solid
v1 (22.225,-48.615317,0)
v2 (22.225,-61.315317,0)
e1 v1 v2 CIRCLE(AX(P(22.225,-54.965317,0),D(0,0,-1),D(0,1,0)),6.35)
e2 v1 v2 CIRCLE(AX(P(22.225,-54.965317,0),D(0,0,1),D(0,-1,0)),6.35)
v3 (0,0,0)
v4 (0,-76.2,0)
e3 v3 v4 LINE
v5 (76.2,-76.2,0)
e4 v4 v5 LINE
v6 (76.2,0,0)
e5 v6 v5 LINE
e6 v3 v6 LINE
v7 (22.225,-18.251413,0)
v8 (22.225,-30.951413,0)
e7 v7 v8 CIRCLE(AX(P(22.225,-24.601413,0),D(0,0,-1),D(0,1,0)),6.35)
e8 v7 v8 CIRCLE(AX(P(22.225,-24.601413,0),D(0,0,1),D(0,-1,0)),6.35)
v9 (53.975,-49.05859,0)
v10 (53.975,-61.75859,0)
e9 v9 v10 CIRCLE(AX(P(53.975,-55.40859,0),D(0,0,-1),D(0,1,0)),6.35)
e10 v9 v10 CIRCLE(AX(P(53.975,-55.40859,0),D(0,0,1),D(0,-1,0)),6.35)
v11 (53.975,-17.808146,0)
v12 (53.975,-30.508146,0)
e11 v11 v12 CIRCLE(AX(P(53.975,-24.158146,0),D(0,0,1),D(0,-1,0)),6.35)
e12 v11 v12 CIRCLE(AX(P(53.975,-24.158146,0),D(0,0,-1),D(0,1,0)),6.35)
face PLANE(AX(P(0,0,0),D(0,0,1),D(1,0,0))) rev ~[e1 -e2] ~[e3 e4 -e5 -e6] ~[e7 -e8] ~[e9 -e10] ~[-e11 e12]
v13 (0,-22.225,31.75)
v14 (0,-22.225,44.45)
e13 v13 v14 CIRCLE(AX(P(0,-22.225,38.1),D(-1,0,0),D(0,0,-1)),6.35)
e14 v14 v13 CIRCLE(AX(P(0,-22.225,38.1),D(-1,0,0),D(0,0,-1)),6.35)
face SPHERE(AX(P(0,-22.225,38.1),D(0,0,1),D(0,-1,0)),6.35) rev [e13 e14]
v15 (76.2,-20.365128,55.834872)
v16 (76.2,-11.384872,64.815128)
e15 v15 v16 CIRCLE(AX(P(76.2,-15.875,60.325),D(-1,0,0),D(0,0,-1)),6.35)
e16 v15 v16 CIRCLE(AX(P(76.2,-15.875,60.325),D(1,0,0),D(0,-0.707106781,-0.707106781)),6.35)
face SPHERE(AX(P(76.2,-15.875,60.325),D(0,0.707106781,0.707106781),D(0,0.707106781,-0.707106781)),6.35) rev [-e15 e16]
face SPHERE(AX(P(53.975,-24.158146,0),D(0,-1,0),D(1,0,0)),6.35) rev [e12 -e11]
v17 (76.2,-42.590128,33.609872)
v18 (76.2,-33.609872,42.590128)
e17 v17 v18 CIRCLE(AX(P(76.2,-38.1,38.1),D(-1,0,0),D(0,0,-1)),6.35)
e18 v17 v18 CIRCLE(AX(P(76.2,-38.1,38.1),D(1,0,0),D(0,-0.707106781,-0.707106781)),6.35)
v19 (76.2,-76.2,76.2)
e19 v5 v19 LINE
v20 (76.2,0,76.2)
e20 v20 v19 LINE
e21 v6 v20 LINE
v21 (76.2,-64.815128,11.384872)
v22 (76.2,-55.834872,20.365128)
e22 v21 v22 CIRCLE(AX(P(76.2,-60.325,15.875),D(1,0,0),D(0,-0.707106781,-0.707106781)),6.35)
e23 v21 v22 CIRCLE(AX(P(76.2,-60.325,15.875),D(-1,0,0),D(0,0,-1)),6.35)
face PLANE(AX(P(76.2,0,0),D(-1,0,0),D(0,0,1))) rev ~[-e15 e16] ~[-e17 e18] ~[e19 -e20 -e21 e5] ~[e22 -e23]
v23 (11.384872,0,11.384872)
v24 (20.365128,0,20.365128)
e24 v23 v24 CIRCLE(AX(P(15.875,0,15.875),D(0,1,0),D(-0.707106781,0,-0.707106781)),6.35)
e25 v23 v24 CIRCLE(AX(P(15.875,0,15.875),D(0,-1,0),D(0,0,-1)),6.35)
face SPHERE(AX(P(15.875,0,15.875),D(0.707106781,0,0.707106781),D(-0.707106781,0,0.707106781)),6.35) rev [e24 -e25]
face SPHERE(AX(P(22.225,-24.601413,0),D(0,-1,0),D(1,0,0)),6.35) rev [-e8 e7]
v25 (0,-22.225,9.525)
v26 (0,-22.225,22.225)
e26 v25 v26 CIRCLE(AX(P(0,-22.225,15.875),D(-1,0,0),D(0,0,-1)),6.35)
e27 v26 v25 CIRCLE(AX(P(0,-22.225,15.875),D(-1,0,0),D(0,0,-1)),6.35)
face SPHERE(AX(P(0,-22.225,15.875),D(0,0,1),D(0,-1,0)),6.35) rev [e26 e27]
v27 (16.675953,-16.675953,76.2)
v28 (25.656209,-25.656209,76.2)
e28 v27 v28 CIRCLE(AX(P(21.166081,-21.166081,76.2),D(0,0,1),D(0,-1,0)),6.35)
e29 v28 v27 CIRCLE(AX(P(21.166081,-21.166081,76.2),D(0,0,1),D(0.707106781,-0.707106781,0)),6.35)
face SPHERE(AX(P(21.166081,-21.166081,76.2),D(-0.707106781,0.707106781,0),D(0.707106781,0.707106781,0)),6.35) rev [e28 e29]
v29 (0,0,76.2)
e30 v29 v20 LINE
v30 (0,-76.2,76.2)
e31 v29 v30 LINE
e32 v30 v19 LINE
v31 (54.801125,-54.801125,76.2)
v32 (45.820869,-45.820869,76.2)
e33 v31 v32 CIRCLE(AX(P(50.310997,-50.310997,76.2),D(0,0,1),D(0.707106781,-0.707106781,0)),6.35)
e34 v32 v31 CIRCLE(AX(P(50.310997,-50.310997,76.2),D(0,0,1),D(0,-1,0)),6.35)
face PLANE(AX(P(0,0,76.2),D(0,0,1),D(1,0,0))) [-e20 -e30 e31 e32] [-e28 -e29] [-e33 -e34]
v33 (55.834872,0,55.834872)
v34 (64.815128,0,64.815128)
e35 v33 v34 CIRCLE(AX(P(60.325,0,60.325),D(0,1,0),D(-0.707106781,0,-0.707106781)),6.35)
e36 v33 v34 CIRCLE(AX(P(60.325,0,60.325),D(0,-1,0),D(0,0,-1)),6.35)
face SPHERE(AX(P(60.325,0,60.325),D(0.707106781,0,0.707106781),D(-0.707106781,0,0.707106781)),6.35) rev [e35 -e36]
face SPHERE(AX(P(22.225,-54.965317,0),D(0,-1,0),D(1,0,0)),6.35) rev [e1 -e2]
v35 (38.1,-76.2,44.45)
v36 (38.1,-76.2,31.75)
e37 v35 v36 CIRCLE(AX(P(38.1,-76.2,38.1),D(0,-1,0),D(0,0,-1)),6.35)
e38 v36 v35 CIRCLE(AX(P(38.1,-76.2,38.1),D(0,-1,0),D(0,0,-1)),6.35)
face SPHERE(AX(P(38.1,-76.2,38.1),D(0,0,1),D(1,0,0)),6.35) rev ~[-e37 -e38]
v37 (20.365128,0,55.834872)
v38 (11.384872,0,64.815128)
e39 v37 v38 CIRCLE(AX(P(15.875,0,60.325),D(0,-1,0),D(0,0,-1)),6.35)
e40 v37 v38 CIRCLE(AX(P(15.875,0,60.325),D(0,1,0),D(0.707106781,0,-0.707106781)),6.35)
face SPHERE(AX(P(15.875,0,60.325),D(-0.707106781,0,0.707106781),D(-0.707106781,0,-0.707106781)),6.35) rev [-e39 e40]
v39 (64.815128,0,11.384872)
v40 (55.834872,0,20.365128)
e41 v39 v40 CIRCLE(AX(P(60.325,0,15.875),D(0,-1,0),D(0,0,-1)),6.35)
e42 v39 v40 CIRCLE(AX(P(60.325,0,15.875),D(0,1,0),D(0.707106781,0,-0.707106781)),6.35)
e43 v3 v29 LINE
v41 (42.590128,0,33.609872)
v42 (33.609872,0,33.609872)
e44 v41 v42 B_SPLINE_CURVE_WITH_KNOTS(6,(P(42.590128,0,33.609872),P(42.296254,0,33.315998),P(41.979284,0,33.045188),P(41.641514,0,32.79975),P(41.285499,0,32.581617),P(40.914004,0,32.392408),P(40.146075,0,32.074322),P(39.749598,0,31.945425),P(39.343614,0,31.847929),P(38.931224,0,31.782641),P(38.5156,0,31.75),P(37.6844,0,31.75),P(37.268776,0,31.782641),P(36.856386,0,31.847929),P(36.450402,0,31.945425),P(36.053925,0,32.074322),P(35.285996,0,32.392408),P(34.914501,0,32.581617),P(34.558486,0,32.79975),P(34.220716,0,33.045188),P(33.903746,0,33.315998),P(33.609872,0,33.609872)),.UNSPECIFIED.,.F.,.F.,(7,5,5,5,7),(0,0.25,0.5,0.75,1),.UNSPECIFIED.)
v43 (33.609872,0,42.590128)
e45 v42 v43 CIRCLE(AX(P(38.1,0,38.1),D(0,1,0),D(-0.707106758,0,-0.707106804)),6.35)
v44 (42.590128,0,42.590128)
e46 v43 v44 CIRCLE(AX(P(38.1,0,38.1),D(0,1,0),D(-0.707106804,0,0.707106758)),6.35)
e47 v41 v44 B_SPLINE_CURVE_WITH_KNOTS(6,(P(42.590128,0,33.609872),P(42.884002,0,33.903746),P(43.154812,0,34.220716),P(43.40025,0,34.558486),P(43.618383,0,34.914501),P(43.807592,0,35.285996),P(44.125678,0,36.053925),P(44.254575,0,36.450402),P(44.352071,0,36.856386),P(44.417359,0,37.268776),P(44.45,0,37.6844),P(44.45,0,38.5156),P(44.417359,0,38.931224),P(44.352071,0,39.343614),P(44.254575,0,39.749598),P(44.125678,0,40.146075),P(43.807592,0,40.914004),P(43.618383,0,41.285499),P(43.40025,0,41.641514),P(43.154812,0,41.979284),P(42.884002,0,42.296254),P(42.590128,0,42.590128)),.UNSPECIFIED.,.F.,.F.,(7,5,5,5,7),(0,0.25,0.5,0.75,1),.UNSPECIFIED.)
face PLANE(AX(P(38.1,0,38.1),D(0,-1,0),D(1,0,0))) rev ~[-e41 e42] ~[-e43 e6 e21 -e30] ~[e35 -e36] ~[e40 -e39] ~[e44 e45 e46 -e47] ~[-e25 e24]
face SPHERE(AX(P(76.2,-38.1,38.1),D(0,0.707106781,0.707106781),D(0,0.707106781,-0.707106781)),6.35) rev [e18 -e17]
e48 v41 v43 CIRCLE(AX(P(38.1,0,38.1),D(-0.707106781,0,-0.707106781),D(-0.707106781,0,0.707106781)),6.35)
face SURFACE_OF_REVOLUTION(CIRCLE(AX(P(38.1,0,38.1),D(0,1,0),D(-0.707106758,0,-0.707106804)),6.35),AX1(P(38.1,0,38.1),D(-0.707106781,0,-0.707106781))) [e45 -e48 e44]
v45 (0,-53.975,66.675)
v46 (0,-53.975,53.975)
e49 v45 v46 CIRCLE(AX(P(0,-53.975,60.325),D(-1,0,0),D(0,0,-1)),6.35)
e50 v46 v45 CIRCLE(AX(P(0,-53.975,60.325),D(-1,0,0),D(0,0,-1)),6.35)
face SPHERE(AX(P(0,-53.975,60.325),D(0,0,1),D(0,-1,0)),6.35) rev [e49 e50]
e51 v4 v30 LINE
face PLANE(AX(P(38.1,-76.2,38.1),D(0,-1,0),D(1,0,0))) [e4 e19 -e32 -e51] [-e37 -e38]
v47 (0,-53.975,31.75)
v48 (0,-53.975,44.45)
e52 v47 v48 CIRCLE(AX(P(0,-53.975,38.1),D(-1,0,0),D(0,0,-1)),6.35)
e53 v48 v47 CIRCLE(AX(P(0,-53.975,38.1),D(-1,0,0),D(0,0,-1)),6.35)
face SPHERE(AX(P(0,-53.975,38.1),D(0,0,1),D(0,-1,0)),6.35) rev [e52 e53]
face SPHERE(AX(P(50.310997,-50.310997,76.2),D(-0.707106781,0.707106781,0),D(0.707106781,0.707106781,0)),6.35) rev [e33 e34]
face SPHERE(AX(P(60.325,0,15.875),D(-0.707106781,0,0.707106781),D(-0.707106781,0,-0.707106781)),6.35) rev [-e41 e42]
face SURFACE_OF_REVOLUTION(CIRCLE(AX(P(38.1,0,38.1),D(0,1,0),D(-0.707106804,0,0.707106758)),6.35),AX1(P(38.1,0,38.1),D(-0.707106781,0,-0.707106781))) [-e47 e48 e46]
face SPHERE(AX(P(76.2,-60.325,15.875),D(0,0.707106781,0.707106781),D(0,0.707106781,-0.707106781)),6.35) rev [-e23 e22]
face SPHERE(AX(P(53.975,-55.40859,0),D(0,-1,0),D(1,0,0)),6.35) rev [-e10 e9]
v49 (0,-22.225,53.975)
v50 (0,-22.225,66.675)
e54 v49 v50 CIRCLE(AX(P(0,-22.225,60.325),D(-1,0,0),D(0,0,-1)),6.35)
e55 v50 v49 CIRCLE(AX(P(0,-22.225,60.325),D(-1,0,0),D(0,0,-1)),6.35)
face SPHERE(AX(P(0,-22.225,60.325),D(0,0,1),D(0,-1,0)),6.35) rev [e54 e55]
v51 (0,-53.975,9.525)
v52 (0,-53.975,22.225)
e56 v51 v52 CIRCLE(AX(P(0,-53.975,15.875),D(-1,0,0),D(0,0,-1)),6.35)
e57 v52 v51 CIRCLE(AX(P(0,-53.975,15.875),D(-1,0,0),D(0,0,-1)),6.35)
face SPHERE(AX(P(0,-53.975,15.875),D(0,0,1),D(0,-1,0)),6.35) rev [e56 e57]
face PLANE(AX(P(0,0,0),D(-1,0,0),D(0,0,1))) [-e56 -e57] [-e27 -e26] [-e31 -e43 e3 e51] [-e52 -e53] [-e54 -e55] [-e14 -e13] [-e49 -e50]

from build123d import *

# Parameters (mm, degrees)
F0_W     = 76.2
F0_H     = 76.2
F1_DEPTH = 76.2


with BuildPart() as f1:
    # F0 (on Front) → F1 (new body)
    with BuildSketch(Plane.XZ):
        with Locations((38.1, 38.1)):
            Rectangle(F0_W, F0_H)
    extrude(amount=F1_DEPTH)

    # F2 (on face) → F3 (revolve, cut)
    with BuildSketch(Plane.XZ.offset(76.2)):
        with BuildLine():
            Line((38.1, 44.45), (38.1, 31.75))
            ThreePointArc((38.1, 31.75), (44.45, 38.1), (38.1, 44.45))
        make_face()
    revolve(axis=Axis((38.1, -76.2, 38.1), (0, 0, 1)), mode=Mode.SUBTRACT)

    # F4 (on face) → F5 (revolve, cut)
    with BuildSketch(Plane.YZ.offset(76.2)):
        with BuildLine():
            ThreePointArc((-42.590128, 33.609872), (-33.609872, 33.609872), (-33.609872, 42.590128))
            Line((-33.609872, 42.590128), (-42.590128, 33.609872))
        make_face()
        with BuildLine():
            ThreePointArc((-20.365128, 55.834872), (-11.384872, 55.834872), (-11.384872, 64.815128))
            Line((-11.384872, 64.815128), (-20.365128, 55.834872))
        make_face()
        with BuildLine():
            Line((-55.834872, 20.365128), (-64.815128, 11.384872))
            ThreePointArc((-64.815128, 11.384872), (-55.834872, 11.384872), (-55.834872, 20.365128))
        make_face()
    revolve(axis=Axis((76.2, -38.1, 38.1), (0, -0.707107, -0.707107)), mode=Mode.SUBTRACT)

    # F6 (on face) → F7 (revolve, cut)
    with BuildSketch(Plane(origin=(0, 0, 0), x_dir=(-1, 0, 0), z_dir=(0, 1, 0))):
        with BuildLine():
            ThreePointArc((-55.834872, 55.834872), (-55.834872, 64.815128), (-64.815128, 64.815128))
            Line((-64.815128, 64.815128), (-55.834872, 55.834872))
        make_face()
        with BuildLine():
            Line((-33.609872, 42.590128), (-38.1, 38.1))
            Line((-38.1, 38.1), (-33.609872, 33.609872))
            ThreePointArc((-33.609872, 33.609872), (-31.75, 38.1), (-33.609872, 42.590128))
        make_face()
        with BuildLine():
            ThreePointArc((-33.609872, 42.590128), (-38.1, 44.45), (-42.590128, 42.590128))
            Line((-42.590128, 42.590128), (-38.1, 38.1))
            Line((-38.1, 38.1), (-33.609872, 42.590128))
        make_face()
        with BuildLine():
            Line((-20.365128, 20.365128), (-11.384872, 11.384872))
            ThreePointArc((-11.384872, 11.384872), (-11.384872, 20.365128), (-20.365128, 20.365128))
        make_face()
    revolve(axis=Axis((38.1, 0, 38.1), (-0.707107, 0, -0.707107)), mode=Mode.SUBTRACT)

    # F8 (on face) → F9 (revolve, cut)
    with BuildSketch(Plane(origin=(0, 0, 0), x_dir=(-1, 0, 0), z_dir=(0, 1, 0))):
        with BuildLine():
            ThreePointArc((-42.590128, 33.609872), (-33.609872, 33.609872), (-33.609872, 42.590128))
            Line((-33.609872, 42.590128), (-42.590128, 33.609872))
        make_face()
        with BuildLine():
            ThreePointArc((-20.365128, 55.834872), (-11.384872, 55.834872), (-11.384872, 64.815128))
            Line((-11.384872, 64.815128), (-20.365128, 55.834872))
        make_face()
        with BuildLine():
            ThreePointArc((-64.815128, 11.384872), (-55.834872, 11.384872), (-55.834872, 20.365128))
            Line((-55.834872, 20.365128), (-64.815128, 11.384872))
        make_face()
    revolve(axis=Axis((38.1, 0, 38.1), (0.707107, 0, -0.707107)), mode=Mode.SUBTRACT)

    # F10 (on face) → F11 (revolve, cut)
    with BuildSketch(Plane(origin=(0, 0, 0), x_dir=(0, -1, 0), z_dir=(-1, 0, 0))):
        with BuildLine():
            ThreePointArc((22.225, 53.975), (28.575, 60.325), (22.225, 66.675))
            Line((22.225, 66.675), (22.225, 53.975))
        make_face()
        with BuildLine():
            ThreePointArc((22.225, 31.75), (28.575, 38.1), (22.225, 44.45))
            Line((22.225, 44.45), (22.225, 31.75))
        make_face()
        with BuildLine():
            Line((22.225, 22.225), (22.225, 9.525))
            ThreePointArc((22.225, 9.525), (28.575, 15.875), (22.225, 22.225))
        make_face()
    revolve(axis=Axis((0, -22.225, 38.1), (0, 0, -1)), mode=Mode.SUBTRACT)

    # F12 (on face) → F13 (revolve, cut)
    with BuildSketch(Plane(origin=(0, 0, 0), x_dir=(0, -1, 0), z_dir=(-1, 0, 0))):
        with BuildLine():
            ThreePointArc((53.975, 31.75), (60.325, 38.1), (53.975, 44.45))
            Line((53.975, 44.45), (53.975, 31.75))
        make_face()
        with BuildLine():
            ThreePointArc((53.975, 53.975), (60.325, 60.325), (53.975, 66.675))
            Line((53.975, 66.675), (53.975, 53.975))
        make_face()
        with BuildLine():
            Line((53.975, 22.225), (53.975, 9.525))
            ThreePointArc((53.975, 9.525), (60.325, 15.875), (53.975, 22.225))
        make_face()
    revolve(axis=Axis((0, -53.975, 38.1), (0, 0, -1)), mode=Mode.SUBTRACT)

    # F14 (on face) → F15 (revolve, cut)
    with BuildSketch(Plane.XY.offset(76.2)):
        with BuildLine():
            ThreePointArc((25.656209, -25.656209), (25.656209, -16.675953), (16.675953, -16.675953))
            Line((16.675953, -16.675953), (25.656209, -25.656209))
        make_face()
        with BuildLine():
            ThreePointArc((54.801125, -54.801125), (54.801125, -45.820869), (45.820869, -45.820869))
            Line((45.820869, -45.820869), (54.801125, -54.801125))
        make_face()
    revolve(axis=Axis((38.1, -38.1, 76.2), (0.707107, -0.707107, 0)), mode=Mode.SUBTRACT)

    # F16 (on face) → F17 (revolve, cut)
    with BuildSketch(Plane(origin=(0, 0, 0), x_dir=(1, 0, 0), z_dir=(0, 0, -1))):
        with BuildLine():
            ThreePointArc((22.225, 48.615317), (28.575, 54.965317), (22.225, 61.315317))
            Line((22.225, 61.315317), (22.225, 48.615317))
        make_face()
        with BuildLine():
            ThreePointArc((22.225, 18.251413), (28.575, 24.601413), (22.225, 30.951413))
            Line((22.225, 30.951413), (22.225, 18.251413))
        make_face()
    revolve(axis=Axis((22.225, -38.1, 0), (0, 1, 0)), mode=Mode.SUBTRACT)

    # F16 (on face) → F18 (revolve, cut)
    with BuildSketch(Plane(origin=(0, 0, 0), x_dir=(1, 0, 0), z_dir=(0, 0, -1))):
        with BuildLine():
            ThreePointArc((53.975, 49.05859), (60.325, 55.40859), (53.975, 61.75859))
            Line((53.975, 61.75859), (53.975, 49.05859))
        make_face()
        with BuildLine():
            ThreePointArc((53.975, 17.808146), (60.325, 24.158146), (53.975, 30.508146))
            Line((53.975, 30.508146), (53.975, 17.808146))
        make_face()
    revolve(axis=Axis((53.975, -38.1, 0), (0, 1, 0)), mode=Mode.SUBTRACT)


solid = f1.part
